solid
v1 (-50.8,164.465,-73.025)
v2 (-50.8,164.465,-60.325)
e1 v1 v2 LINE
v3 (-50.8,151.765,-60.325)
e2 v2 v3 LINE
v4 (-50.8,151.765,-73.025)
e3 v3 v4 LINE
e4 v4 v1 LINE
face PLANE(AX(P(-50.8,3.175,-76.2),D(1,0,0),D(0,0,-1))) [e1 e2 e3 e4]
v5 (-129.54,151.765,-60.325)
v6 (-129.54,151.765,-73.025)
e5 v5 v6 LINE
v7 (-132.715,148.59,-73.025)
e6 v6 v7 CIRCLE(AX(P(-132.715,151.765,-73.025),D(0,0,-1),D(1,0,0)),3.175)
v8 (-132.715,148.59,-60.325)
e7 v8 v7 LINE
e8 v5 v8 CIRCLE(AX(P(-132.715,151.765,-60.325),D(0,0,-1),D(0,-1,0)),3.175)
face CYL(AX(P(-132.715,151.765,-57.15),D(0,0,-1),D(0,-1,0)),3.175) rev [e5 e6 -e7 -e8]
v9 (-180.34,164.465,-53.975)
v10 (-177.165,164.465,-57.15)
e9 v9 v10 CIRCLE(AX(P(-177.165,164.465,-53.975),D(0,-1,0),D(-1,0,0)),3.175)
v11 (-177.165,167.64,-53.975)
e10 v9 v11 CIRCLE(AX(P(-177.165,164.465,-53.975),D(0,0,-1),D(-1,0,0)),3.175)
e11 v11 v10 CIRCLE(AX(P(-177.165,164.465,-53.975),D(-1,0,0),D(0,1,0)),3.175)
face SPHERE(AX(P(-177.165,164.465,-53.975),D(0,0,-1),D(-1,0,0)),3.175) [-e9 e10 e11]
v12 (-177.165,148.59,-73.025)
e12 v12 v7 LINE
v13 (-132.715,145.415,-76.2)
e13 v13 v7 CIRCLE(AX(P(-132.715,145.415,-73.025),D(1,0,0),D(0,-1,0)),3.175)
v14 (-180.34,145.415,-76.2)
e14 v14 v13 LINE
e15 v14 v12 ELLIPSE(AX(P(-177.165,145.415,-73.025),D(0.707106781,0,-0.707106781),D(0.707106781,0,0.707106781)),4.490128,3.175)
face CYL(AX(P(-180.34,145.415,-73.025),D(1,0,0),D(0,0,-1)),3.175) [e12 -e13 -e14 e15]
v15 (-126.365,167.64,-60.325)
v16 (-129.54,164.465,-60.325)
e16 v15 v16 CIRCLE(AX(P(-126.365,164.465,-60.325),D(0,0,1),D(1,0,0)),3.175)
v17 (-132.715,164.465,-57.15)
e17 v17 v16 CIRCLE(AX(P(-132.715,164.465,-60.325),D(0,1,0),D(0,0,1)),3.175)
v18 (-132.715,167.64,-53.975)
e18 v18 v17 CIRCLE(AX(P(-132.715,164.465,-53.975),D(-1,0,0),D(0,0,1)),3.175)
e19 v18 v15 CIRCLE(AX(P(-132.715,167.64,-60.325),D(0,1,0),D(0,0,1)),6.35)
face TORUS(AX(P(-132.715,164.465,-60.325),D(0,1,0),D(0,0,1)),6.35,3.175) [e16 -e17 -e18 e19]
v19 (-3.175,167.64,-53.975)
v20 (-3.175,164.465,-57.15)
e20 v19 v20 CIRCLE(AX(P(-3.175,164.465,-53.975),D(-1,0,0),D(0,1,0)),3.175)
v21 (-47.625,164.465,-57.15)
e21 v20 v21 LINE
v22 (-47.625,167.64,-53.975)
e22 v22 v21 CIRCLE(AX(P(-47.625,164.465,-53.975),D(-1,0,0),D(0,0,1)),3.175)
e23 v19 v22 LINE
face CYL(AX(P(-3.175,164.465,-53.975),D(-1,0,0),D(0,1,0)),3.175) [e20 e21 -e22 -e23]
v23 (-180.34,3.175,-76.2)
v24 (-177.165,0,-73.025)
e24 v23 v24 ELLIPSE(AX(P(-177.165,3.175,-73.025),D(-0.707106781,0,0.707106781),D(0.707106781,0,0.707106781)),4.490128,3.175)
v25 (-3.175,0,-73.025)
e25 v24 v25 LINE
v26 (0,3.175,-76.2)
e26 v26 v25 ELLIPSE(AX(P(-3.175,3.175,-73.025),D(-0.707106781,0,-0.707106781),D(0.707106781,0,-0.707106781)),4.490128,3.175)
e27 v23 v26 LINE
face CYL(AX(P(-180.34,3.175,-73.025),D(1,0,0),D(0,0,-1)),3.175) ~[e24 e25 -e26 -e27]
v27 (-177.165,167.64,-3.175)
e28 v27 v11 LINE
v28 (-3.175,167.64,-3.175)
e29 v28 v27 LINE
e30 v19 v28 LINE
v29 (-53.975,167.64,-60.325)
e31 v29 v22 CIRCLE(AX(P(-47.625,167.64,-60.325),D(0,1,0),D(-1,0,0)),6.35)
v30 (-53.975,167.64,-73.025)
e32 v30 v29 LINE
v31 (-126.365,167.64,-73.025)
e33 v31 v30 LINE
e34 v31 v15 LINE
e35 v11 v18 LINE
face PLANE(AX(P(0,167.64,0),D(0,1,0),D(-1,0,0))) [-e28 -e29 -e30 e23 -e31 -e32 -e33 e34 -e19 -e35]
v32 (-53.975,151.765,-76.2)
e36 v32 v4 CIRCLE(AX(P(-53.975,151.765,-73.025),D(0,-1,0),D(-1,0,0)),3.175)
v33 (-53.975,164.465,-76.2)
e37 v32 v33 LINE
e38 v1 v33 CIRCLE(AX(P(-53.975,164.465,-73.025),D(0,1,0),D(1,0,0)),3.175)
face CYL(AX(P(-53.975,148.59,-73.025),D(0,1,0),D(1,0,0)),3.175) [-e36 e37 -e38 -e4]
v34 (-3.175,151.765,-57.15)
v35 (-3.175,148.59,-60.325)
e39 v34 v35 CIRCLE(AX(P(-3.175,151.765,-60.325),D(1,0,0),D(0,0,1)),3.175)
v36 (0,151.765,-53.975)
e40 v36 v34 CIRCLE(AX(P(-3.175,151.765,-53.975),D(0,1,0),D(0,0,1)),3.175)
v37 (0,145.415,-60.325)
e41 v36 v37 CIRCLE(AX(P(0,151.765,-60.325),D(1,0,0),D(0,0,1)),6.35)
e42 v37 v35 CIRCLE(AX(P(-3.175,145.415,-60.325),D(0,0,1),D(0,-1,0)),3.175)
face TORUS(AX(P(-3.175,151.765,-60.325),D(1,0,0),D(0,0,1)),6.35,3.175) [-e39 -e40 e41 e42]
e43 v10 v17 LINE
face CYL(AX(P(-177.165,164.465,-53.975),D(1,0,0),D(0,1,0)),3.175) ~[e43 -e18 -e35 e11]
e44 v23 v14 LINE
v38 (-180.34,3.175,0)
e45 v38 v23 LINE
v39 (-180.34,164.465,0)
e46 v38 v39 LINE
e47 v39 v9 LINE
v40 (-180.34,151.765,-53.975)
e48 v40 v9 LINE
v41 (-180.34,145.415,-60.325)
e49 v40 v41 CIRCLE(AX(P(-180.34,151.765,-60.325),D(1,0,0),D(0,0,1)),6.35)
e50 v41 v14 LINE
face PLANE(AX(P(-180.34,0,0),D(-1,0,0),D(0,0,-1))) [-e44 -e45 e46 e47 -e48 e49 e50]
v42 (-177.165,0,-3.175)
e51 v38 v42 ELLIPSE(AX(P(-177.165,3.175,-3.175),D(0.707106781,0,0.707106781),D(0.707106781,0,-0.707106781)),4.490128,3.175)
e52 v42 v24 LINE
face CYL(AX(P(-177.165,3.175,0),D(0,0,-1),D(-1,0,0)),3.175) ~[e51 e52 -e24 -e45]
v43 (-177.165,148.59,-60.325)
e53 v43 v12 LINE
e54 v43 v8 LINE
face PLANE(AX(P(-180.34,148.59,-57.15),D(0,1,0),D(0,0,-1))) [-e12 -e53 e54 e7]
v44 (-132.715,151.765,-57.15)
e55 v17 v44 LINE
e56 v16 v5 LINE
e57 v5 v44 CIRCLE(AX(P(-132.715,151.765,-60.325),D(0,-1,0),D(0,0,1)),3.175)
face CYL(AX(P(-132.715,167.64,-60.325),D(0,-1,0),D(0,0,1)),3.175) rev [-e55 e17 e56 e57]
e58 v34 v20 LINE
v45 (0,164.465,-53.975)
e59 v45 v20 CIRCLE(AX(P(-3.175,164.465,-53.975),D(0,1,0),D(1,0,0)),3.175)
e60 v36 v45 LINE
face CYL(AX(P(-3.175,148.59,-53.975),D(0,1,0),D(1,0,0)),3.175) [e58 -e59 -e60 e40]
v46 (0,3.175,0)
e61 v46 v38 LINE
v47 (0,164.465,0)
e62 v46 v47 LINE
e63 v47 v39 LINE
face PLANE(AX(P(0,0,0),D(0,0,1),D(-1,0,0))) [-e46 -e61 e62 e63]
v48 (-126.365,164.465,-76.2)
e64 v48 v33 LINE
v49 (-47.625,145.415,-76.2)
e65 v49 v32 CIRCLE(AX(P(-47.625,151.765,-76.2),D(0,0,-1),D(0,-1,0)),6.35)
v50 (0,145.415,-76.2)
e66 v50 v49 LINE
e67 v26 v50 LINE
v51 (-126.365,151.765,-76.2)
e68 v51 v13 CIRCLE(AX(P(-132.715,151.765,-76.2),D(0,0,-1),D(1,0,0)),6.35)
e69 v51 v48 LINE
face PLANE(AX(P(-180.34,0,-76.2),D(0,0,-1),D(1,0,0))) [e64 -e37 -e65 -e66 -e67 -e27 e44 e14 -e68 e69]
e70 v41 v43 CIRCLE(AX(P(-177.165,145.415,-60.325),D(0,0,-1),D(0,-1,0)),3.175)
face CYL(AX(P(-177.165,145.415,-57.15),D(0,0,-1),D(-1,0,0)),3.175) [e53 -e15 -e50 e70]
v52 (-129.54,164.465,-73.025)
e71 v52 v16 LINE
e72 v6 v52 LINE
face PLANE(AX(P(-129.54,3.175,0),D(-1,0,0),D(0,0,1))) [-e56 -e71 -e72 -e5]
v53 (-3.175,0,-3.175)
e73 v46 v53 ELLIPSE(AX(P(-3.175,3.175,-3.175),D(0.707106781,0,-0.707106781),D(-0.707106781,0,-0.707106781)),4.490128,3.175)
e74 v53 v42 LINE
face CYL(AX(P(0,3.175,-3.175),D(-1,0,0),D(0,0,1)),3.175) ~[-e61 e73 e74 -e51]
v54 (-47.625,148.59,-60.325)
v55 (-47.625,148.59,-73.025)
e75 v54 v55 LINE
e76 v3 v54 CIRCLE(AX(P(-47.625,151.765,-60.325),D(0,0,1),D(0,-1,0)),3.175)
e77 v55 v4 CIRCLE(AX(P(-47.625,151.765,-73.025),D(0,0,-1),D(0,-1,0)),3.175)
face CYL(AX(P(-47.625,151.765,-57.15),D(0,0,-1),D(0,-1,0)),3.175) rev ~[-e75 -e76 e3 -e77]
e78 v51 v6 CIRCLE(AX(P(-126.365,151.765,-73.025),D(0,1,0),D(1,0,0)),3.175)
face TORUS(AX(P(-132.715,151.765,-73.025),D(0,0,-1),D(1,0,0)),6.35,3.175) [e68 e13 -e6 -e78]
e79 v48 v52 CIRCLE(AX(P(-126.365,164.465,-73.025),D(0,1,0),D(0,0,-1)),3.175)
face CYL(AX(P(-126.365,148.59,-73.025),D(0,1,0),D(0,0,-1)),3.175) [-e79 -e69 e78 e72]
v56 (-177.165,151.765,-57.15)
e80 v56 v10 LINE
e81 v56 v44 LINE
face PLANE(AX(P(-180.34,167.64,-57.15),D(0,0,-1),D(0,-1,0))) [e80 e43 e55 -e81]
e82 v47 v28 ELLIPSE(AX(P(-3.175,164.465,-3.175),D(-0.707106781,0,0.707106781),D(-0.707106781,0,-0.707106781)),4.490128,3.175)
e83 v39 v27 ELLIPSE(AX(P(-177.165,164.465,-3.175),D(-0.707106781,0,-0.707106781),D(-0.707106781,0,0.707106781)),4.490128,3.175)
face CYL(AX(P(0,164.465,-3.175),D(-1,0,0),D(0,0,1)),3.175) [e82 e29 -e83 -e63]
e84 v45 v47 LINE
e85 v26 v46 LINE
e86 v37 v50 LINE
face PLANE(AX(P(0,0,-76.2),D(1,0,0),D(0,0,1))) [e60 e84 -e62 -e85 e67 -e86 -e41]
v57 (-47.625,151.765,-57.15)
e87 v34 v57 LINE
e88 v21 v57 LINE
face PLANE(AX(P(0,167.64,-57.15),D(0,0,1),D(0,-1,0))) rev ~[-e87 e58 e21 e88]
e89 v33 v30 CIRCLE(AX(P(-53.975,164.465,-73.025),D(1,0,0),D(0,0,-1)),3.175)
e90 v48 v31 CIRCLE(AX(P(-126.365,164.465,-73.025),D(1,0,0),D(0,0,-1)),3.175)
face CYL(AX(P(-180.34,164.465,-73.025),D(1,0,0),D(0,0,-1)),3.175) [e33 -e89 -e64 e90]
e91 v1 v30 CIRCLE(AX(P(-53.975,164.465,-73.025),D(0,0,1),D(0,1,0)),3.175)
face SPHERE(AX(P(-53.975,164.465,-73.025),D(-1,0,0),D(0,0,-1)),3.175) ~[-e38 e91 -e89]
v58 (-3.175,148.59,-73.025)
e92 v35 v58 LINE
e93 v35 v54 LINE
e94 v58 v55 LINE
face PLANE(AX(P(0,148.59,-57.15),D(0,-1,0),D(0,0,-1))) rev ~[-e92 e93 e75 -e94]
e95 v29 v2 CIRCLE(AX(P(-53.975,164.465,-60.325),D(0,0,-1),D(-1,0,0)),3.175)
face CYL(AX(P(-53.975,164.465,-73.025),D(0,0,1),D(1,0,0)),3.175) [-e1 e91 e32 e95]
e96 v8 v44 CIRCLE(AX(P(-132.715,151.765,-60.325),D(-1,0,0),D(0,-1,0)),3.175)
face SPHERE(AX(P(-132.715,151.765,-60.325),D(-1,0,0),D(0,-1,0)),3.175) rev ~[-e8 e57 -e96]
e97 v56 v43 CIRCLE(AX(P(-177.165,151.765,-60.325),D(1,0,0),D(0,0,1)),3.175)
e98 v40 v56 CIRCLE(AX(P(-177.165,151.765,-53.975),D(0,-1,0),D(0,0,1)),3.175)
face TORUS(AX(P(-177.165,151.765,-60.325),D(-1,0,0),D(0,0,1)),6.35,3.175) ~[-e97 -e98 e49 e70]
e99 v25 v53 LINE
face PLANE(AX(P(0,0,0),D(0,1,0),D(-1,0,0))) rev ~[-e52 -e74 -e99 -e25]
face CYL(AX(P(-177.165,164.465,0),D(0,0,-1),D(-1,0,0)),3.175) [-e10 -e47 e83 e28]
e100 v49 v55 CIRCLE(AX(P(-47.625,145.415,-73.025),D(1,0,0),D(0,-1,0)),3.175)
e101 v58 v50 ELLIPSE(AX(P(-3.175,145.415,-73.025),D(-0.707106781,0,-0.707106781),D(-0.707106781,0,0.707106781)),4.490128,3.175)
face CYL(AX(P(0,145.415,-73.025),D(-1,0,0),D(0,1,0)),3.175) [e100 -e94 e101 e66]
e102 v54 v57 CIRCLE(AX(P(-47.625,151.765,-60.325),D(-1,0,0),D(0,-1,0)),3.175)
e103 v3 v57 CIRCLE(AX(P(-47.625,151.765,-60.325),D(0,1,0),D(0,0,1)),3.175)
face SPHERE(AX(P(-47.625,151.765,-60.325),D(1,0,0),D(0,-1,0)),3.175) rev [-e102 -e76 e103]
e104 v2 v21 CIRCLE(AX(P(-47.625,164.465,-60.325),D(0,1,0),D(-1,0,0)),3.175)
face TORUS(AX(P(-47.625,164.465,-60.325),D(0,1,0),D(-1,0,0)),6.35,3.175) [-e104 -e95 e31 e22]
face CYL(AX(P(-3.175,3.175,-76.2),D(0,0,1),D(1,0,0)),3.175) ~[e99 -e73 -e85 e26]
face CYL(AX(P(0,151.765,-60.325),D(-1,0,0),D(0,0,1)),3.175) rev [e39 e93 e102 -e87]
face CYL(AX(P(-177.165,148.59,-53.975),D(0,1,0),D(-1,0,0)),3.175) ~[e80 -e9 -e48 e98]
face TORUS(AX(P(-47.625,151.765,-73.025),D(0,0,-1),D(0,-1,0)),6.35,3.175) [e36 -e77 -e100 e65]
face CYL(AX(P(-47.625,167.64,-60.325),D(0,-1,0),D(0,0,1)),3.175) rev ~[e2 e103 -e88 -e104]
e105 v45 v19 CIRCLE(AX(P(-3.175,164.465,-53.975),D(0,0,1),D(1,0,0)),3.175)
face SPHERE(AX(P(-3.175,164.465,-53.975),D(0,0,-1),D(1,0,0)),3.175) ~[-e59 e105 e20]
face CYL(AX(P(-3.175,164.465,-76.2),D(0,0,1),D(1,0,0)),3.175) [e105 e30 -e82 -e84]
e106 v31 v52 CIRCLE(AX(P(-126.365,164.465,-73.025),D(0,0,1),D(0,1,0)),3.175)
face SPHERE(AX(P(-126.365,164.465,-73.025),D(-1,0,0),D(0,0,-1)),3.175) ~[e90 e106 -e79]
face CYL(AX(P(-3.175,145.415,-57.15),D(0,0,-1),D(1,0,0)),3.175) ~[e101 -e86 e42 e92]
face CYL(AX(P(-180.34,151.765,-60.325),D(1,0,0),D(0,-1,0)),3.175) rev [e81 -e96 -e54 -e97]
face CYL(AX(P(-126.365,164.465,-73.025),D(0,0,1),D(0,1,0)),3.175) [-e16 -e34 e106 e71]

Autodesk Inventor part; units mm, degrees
ref_plane "YZ Plane" through (0, 0, 0) normal (1, 0, 0) x (0, 1, 0)
ref_plane "XZ Plane" through (0, 0, 0) normal (0, 1, 0) x (-1, 0, 0)
ref_plane "XY Plane" through (0, 0, 0) normal (0, 0, 1) x (1, 0, 0)
sketch "Sketch1" plane through (0, 0, 0) normal (0, 1, 0) x (-1, 0, 0)
  line L0 (0, 0) -> (180.34, 0)
  line L1 (180.34, 0) -> (180.34, -76.2)
  line L2 (180.34, -76.2) -> (0, -76.2)
  line L3 (0, -76.2) -> (0, 0)
  dimension "d0" = 180.34
  dimension "d1" = 76.2
extrude "Extrusion1" add sketch "Sketch1" along normal blind 167.64
fillet "Fillet1" radius 3.175 8 edges at (-90.17, 167.64, 0) (-180.34, 167.64, -38.1) (-90.17, 167.64, -76.2) (0, 167.64, -38.1) (-90.17, 0, -76.2) (-180.34, 0, -38.1) (-90.17, 0, 0) (0, 0, -38.1)
sketch "Sketch2" plane through (0, 3.175, -76.2) normal (1, 0, 0) x (0, 0, -1)
  line L0 (0, 164.465) -> (-19.05, 164.465)
  line L1 (-19.05, 164.465) -> (-19.05, 145.415)
  line L2 (-19.05, 145.415) -> (0, 145.415)
  line L3 (0, 145.415) -> (0, 164.465)
  line L4 (0, 164.465) -> (-19.05, 164.465)
  line L5 (-19.05, 164.465) -> (-19.05, 145.415)
  line L6 (-19.05, 145.415) -> (0, 145.415)
  line L7 (0, 145.415) -> (0, 164.465)
  point P0 (-76.2, -3.175)
  dimension "d5" = 19.05
  dimension "d6" = 19.05
extrude "Extrusion2" cut sketch "Sketch2" against normal blind 50.8
sketch "Sketch3" plane through (-180.34, 3.175, 0) normal (-1, 0, 0) x (0, 0, 1)
  line L0 (-76.2, 164.465) -> (-57.15, 164.465)
  line L1 (-57.15, 164.465) -> (-57.15, 145.415)
  line L2 (-57.15, 145.415) -> (-76.2, 145.415)
  line L3 (-76.2, 145.415) -> (-76.2, 164.465)
  point P0 (0, -3.175)
  dimension "d9" = 19.05
  dimension "d10" = 19.05
extrude "Extrusion3" cut sketch "Sketch3" against normal blind 50.8
fillet "Fillet2" radius 3.175 22 edges at (-154.94, 148.59, -57.15) (-129.54, 148.59, -66.675) (-129.54, 158.115, -57.15) (-179.4101, 166.7101, -57.15) (-180.34, 156.5275, -57.15) (-153.3525, 167.64, -57.15) (-129.54, 166.7101, -75.2701) (-129.54, 156.5275, -76.2) (-129.54, 167.64, -65.0875) (-154.94, 148.59, -76.2) (-180.34, 148.59, -66.675) (-25.4, 148.59, -76.2) (-50.8, 166.7101, -75.2701) (-50.8, 167.64, -65.0875) (-50.8, 156.5275, -76.2) (-0.9299, 166.7101, -57.15) (0, 156.5275, -57.15) (-26.9875, 167.64, -57.15) (0, 148.59, -66.675) (-25.4, 148.59, -57.15) (-50.8, 148.59, -66.675) (-50.8, 158.115, -57.15)
properties part number "FRC Battery"
